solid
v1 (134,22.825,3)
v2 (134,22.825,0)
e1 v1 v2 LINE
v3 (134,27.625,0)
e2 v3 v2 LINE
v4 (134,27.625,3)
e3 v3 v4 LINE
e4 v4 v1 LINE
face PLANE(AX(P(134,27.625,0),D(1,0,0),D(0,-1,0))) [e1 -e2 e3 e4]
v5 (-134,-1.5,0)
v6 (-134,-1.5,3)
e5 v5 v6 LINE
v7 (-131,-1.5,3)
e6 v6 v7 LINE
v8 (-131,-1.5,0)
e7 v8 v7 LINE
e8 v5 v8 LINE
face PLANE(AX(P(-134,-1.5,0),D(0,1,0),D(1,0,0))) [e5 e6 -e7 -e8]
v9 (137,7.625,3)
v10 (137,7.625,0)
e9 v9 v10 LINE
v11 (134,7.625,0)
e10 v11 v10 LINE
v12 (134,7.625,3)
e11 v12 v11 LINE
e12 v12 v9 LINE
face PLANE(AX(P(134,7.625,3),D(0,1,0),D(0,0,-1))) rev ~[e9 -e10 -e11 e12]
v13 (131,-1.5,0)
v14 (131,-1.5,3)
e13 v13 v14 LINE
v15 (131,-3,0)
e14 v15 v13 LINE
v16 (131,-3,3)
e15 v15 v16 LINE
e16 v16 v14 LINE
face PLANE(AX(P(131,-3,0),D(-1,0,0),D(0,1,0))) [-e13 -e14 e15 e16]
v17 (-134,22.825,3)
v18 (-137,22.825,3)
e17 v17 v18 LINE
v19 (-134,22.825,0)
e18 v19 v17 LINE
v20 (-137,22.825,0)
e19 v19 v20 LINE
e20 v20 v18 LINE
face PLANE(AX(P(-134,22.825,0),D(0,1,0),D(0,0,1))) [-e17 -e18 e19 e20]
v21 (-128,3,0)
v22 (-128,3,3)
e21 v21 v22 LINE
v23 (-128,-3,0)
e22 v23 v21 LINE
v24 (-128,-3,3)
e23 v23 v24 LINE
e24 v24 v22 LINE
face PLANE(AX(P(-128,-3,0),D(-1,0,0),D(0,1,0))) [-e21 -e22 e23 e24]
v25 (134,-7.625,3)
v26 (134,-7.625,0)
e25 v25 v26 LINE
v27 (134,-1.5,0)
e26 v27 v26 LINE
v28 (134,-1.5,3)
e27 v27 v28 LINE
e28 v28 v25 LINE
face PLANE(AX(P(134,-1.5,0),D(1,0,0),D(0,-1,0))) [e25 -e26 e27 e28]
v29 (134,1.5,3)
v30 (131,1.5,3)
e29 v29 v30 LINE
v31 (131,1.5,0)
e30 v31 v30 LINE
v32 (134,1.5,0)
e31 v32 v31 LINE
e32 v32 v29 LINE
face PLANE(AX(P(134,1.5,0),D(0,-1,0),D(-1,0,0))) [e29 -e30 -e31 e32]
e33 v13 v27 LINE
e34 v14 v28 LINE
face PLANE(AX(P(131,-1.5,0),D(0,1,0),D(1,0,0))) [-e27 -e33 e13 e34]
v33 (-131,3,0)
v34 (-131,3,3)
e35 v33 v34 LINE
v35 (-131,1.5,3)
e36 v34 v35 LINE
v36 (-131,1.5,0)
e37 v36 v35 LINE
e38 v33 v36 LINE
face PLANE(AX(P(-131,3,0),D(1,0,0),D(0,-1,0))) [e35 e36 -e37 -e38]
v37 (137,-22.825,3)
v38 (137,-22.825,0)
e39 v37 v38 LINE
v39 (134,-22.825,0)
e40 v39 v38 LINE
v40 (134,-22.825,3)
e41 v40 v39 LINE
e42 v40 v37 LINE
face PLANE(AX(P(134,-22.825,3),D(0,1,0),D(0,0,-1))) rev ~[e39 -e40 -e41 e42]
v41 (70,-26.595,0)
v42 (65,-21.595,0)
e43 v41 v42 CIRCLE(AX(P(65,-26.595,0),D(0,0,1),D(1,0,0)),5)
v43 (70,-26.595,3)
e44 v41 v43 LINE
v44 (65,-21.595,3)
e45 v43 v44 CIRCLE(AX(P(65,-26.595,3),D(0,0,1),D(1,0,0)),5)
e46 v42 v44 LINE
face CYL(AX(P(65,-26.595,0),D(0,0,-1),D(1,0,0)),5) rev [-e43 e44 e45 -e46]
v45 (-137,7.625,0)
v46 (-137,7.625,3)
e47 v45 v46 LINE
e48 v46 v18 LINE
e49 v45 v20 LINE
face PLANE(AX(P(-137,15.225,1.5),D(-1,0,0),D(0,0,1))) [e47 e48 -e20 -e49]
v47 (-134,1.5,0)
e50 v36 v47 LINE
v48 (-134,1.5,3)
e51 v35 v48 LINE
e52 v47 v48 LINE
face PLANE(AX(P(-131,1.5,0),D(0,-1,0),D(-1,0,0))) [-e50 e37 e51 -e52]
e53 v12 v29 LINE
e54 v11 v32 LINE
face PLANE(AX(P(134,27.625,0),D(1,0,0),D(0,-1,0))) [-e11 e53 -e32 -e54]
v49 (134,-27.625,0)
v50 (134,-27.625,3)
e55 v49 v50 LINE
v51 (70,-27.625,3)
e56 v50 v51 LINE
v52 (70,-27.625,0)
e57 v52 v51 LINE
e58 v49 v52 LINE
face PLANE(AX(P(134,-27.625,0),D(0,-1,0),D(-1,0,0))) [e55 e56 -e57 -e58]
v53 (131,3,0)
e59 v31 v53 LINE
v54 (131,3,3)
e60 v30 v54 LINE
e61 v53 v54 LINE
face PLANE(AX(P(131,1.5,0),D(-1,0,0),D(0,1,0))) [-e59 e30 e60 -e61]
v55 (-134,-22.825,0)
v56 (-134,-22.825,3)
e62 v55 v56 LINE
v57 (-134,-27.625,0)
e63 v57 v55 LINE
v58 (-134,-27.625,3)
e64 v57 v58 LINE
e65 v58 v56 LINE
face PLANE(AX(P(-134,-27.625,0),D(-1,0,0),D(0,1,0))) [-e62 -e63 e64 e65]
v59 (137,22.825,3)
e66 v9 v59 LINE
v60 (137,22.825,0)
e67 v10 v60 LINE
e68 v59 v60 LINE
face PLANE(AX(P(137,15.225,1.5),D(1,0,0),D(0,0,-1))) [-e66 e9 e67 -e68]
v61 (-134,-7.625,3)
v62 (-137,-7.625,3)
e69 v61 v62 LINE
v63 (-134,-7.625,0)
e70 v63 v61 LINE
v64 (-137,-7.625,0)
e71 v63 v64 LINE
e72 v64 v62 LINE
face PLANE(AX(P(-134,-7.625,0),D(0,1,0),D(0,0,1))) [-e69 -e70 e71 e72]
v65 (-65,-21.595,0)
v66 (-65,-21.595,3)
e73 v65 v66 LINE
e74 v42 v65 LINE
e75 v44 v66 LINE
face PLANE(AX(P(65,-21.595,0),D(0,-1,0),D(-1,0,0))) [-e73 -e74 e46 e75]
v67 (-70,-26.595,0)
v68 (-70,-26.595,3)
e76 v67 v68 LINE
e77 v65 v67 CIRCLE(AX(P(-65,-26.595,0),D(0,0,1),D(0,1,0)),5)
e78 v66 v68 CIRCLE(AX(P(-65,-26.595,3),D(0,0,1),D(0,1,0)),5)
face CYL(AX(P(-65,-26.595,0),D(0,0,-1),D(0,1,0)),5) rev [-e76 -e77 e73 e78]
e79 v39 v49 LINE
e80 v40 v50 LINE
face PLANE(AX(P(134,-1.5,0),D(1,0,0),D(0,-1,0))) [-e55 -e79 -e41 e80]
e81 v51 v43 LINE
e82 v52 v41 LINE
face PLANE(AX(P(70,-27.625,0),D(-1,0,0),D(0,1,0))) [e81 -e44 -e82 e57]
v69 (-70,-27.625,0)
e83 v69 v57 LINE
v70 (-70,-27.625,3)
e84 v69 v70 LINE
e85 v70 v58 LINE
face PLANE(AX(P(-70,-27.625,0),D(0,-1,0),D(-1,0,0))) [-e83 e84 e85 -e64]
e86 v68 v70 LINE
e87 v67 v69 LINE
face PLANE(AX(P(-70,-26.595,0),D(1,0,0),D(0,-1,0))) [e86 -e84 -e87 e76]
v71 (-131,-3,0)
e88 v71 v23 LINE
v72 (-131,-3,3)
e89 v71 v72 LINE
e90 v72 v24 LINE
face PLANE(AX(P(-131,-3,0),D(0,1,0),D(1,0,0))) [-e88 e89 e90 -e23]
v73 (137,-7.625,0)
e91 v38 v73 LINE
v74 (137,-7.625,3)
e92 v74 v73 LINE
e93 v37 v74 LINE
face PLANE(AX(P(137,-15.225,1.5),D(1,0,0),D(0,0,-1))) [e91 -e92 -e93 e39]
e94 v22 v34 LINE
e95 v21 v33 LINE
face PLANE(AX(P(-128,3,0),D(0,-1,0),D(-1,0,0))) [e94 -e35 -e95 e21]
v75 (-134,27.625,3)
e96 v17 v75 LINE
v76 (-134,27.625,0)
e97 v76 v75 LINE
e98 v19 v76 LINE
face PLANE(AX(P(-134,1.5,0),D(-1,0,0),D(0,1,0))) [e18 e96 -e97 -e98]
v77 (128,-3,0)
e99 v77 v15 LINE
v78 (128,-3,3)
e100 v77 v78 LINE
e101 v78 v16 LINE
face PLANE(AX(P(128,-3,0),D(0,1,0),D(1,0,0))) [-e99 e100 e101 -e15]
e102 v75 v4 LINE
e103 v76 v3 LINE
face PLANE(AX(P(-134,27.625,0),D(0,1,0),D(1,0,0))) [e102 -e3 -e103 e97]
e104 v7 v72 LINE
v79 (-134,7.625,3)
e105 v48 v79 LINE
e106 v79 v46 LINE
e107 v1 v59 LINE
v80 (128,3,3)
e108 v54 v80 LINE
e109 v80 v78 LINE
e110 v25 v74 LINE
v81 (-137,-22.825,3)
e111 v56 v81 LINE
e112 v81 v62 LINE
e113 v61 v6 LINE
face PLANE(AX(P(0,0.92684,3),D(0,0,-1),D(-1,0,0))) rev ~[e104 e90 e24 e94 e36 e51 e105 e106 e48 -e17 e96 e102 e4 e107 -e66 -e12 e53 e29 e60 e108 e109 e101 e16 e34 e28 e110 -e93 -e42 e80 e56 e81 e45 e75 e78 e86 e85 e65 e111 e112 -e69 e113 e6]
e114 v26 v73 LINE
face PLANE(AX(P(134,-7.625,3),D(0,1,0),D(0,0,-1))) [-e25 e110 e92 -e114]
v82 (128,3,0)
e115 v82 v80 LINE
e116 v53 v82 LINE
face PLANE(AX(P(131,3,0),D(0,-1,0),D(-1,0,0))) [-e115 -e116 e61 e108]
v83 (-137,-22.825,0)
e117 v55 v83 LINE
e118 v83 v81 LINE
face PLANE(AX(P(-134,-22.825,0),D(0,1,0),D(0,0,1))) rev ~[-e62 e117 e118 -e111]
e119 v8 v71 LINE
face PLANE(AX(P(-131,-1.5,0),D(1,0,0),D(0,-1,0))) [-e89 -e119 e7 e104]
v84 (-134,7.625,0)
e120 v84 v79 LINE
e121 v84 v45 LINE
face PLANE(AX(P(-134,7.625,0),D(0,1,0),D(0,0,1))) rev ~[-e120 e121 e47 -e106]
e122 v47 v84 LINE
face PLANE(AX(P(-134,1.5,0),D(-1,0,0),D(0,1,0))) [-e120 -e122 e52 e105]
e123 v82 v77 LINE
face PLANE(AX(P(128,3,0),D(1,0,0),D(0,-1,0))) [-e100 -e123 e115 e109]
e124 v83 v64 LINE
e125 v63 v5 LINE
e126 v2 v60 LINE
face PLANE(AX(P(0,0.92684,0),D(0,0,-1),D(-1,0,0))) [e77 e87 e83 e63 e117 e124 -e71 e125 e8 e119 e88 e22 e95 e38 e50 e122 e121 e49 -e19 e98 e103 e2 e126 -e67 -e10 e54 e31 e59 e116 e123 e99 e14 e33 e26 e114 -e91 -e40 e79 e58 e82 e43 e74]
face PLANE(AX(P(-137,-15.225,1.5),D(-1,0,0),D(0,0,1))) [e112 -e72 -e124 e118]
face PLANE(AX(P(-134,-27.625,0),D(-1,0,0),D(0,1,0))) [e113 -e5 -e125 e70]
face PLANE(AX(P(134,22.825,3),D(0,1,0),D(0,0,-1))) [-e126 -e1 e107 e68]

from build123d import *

# Parameters (mm, degrees)
SALIENTE_EXTRUIR1_DEPTH = 3
CROQUIS2_W              = 3
CROQUIS2_H              = 15.2
SALIENTE_EXTRUIR2_DEPTH = 3
CROQUIS3_W              = 3
CROQUIS3_H              = 15.2
SALIENTE_EXTRUIR3_DEPTH = 3


with BuildPart() as part:
    # Croquis1 → Saliente-Extruir1 (new body)
    with BuildSketch(Plane.XY):
        with BuildLine():
            Line((134, -27.625), (70, -27.625))
            Line((70, -27.625), (70, -26.595))
            ThreePointArc((70, -26.595), (68.535533906, -23.059466094), (65, -21.595))
            Line((65, -21.595), (-65, -21.595))
            ThreePointArc((-65, -21.595), (-68.535533906, -23.059466094), (-70, -26.595))
            Line((-70, -26.595), (-70, -27.625))
            Line((-70, -27.625), (-134, -27.625))
            Line((-134, -27.625), (-134, -1.5))
            Line((-134, -1.5), (-131, -1.5))
            Line((-131, -1.5), (-131, -3))
            Line((-131, -3), (-128, -3))
            Line((-128, -3), (-128, 3))
            Line((-128, 3), (-131, 3))
            Line((-131, 3), (-131, 1.5))
            Line((-131, 1.5), (-134, 1.5))
            Line((-134, 1.5), (-134, 27.625))
            Line((-134, 27.625), (134, 27.625))
            Line((134, 27.625), (134, 1.5))
            Line((134, 1.5), (131, 1.5))
            Line((131, 1.5), (131, 3))
            Line((131, 3), (128, 3))
            Line((128, 3), (128, -3))
            Line((128, -3), (131, -3))
            Line((131, -3), (131, -1.5))
            Line((131, -1.5), (134, -1.5))
            Line((134, -1.5), (134, -27.625))
        make_face()
    extrude(amount=SALIENTE_EXTRUIR1_DEPTH)

    # Croquis2 → Saliente-Extruir2 (add)
    with BuildSketch(Plane(origin=(134, 0, 0), x_dir=(0, 0, -1), z_dir=(1, 0, 0))):
        with Locations((-1.5, 15.225)):
            Rectangle(CROQUIS2_W, CROQUIS2_H)
        with Locations((-1.5, -15.225)):
            Rectangle(CROQUIS2_W, CROQUIS2_H)
    extrude(amount=SALIENTE_EXTRUIR2_DEPTH)

    # Croquis3 → Saliente-Extruir3 (add)
    with BuildSketch(Plane.ZY.offset(134)):
        with Locations((1.5, 15.225)):
            Rectangle(CROQUIS3_W, CROQUIS3_H)
        with Locations((1.5, -15.225)):
            Rectangle(CROQUIS3_W, CROQUIS3_H)
    extrude(amount=SALIENTE_EXTRUIR3_DEPTH)


solid = part.part
